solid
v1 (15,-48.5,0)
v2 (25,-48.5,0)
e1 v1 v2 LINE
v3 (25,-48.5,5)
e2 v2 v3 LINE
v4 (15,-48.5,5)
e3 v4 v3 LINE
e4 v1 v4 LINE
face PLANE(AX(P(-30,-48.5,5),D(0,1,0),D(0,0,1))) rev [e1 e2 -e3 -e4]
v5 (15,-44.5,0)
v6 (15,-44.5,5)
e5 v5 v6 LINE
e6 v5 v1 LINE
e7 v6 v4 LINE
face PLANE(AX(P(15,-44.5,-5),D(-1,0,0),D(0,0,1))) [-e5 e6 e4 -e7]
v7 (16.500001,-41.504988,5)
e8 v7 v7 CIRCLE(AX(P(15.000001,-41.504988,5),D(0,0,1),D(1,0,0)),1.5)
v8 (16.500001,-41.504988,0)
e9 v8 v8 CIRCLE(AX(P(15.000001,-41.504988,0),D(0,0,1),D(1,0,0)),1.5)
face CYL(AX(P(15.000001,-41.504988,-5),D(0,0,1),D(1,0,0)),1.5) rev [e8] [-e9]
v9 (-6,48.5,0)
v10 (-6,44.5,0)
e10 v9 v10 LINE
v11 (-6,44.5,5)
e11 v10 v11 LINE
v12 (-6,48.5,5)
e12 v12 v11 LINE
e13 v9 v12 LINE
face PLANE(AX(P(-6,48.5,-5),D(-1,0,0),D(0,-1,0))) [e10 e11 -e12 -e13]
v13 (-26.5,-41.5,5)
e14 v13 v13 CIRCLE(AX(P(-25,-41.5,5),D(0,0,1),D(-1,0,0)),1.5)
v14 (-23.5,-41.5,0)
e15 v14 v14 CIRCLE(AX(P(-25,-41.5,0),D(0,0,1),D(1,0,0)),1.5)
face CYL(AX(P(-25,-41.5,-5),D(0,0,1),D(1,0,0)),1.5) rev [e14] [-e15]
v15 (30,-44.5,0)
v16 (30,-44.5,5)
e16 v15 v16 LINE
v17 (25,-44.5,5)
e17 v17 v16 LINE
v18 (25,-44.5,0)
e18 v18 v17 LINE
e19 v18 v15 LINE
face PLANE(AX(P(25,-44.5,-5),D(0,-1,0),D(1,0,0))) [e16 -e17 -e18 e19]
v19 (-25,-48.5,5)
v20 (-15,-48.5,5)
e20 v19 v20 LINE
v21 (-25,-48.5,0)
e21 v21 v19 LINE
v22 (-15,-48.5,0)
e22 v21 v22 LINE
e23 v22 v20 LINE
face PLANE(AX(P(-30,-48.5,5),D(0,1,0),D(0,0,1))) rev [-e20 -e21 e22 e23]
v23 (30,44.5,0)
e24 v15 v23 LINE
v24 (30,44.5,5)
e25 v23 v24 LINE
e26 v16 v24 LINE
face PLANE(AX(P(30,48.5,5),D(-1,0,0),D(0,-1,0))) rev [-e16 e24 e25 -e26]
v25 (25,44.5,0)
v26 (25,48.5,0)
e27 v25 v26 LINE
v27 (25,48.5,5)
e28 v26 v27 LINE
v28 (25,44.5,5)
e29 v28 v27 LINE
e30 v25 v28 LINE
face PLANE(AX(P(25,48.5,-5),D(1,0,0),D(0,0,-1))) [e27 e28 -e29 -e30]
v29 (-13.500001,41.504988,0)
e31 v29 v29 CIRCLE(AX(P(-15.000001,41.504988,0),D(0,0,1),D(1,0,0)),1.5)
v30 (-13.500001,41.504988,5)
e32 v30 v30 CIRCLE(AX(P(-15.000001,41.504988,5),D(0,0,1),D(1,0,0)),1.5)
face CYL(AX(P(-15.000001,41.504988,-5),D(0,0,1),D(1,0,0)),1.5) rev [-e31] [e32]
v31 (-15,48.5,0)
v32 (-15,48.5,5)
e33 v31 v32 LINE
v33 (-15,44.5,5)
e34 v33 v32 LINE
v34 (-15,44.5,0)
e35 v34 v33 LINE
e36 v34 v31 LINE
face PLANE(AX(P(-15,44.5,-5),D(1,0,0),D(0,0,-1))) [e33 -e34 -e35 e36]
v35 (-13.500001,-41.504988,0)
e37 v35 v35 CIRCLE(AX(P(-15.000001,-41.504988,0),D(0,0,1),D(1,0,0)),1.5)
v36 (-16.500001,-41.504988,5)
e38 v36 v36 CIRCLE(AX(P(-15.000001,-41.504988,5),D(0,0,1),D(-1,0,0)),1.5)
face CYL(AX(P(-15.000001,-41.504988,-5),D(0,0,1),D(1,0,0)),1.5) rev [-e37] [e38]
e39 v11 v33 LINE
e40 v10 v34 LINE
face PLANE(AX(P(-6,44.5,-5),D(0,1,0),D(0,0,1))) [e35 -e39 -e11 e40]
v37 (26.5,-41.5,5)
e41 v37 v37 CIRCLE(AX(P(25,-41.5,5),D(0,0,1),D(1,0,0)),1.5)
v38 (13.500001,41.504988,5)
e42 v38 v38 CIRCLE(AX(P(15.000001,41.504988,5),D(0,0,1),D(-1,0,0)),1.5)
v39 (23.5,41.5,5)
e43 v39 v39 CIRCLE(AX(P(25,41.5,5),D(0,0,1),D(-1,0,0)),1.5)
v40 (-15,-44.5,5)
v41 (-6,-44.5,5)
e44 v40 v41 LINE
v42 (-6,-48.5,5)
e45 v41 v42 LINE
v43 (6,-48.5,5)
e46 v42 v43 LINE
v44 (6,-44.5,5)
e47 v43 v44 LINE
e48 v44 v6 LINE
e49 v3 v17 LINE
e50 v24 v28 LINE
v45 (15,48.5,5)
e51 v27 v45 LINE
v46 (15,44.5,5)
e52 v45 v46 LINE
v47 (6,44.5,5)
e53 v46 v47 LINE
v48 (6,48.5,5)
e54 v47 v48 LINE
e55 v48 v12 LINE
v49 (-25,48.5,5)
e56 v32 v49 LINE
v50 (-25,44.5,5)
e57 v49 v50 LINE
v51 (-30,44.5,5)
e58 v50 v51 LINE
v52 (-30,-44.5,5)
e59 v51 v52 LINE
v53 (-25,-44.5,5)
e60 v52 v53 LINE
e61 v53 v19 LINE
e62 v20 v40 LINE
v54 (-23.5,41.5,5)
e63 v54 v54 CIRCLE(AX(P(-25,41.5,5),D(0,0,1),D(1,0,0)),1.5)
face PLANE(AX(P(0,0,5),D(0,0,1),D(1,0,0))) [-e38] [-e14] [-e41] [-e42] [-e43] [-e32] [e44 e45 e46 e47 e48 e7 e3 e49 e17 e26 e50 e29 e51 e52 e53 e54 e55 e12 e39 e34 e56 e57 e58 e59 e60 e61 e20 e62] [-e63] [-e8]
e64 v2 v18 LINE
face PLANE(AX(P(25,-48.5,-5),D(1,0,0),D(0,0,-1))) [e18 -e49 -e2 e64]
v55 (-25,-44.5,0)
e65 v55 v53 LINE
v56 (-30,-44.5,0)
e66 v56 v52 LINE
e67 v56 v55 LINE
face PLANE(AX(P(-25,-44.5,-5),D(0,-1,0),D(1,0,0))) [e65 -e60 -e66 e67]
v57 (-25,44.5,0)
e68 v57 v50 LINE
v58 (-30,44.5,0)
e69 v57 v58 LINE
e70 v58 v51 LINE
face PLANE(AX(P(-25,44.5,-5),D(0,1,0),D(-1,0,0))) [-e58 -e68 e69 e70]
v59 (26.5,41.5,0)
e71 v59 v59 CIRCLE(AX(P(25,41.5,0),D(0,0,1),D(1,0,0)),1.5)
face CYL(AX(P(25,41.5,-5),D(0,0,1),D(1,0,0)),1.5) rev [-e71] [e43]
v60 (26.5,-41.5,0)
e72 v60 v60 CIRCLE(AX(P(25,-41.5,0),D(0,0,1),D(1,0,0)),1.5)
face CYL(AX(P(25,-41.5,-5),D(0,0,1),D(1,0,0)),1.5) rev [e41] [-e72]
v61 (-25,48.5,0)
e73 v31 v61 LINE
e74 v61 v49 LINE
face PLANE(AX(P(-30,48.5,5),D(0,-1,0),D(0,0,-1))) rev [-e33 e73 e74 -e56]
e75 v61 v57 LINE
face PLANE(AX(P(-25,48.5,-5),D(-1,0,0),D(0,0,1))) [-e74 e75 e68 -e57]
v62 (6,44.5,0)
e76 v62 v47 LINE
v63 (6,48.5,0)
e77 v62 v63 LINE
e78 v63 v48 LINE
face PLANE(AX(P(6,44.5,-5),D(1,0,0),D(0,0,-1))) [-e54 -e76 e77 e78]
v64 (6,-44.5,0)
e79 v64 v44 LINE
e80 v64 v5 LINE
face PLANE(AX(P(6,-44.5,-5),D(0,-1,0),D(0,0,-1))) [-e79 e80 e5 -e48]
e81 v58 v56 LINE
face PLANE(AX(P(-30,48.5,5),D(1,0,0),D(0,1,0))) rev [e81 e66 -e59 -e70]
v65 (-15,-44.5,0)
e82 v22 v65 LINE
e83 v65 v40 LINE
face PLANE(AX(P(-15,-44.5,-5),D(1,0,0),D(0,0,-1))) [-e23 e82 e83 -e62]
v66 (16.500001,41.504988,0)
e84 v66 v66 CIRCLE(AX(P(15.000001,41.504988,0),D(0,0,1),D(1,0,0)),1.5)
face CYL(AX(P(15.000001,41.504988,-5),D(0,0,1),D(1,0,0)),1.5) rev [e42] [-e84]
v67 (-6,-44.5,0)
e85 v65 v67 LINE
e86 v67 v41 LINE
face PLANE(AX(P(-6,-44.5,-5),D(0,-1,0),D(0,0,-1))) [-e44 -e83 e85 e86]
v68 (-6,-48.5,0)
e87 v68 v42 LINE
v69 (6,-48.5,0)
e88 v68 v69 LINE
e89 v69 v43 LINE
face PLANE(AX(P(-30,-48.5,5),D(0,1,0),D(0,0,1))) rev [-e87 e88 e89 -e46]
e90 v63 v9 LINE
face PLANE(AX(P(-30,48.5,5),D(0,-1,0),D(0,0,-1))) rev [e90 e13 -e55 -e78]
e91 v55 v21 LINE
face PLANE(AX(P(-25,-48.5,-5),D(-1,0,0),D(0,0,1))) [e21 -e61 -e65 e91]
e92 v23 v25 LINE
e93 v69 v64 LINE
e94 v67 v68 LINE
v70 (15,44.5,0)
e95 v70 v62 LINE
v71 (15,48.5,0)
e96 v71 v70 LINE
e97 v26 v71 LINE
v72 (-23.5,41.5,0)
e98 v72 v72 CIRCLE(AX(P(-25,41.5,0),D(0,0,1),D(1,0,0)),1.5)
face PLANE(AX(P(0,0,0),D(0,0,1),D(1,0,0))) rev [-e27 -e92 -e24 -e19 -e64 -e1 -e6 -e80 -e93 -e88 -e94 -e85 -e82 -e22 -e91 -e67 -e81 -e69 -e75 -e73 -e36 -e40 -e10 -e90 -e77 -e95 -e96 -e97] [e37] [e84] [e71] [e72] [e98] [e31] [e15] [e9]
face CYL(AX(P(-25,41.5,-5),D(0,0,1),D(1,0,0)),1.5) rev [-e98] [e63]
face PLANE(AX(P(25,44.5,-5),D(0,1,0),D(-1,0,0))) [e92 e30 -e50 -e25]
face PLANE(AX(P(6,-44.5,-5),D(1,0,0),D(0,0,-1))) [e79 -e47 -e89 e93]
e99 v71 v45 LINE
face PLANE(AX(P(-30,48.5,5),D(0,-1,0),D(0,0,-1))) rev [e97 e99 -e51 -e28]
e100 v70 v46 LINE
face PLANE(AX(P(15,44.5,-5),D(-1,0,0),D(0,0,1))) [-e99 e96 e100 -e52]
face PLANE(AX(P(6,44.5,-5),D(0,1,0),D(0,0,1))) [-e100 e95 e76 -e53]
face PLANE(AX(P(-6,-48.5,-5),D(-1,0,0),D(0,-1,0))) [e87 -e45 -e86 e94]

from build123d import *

# Parameters (mm, degrees)
SKETCH_1_W          = 60
SKETCH_1_H          = 97
EXTRUDE_1_DEPTH     = 5
SKETCH_2_OUTSIDE_W  = 84.834
SKETCH_2_OUTSIDE_H  = 121.834
CUT_EXTRUDE_1_DEPTH = 10
SKETCH_3_R          = 1.5
CUT_EXTRUDE_2_DEPTH = 10


with BuildPart() as part:
    # 草图1 → 凸台-拉伸1 (new body)
    with BuildSketch(Plane.XY):
        Rectangle(SKETCH_1_W, SKETCH_1_H)
    extrude(amount=EXTRUDE_1_DEPTH)

    # 草图2 outside → 切除-拉伸1 (cut)
    with BuildSketch(Plane.XY.offset(5)):
        Rectangle(SKETCH_2_OUTSIDE_W, SKETCH_2_OUTSIDE_H)
        Polygon((6, 48.5), (-6, 48.5), (-6, 44.5), (-15, 44.5), (-15, 48.5), (-25, 48.5), (-25, 44.5), (-30, 44.5), (-30, -44.5), (-25, -44.5), (-25, -48.5), (-15, -48.5), (-15, -44.5), (-6, -44.5), (-6, -48.5), (6, -48.5), (6, -44.5), (15, -44.5), (15, -48.5), (25, -48.5), (25, -44.5), (30, -44.5), (30, 44.5), (25, 44.5), (25, 48.5), (15, 48.5), (15, 44.5), (6, 44.5), align=None, mode=Mode.SUBTRACT)
    extrude(amount=-CUT_EXTRUDE_1_DEPTH, mode=Mode.SUBTRACT)

    # 草图3 → 切除-拉伸2 (cut)
    with BuildSketch(Plane.XY.offset(5)):
        with Locations((-25, 41.5)):
            Circle(SKETCH_3_R)
        with Locations((-15.000001244, 41.504987561)):
            Circle(SKETCH_3_R)
        with Locations((15.000001244, 41.504987561)):
            Circle(SKETCH_3_R)
        with Locations((25, 41.5)):
            Circle(SKETCH_3_R)
        with Locations((25, -41.5)):
            Circle(SKETCH_3_R)
        with Locations((15.000001244, -41.504987561)):
            Circle(SKETCH_3_R)
        with Locations((-15.000001244, -41.504987561)):
            Circle(SKETCH_3_R)
        with Locations((-25, -41.5)):
            Circle(SKETCH_3_R)
    extrude(amount=-CUT_EXTRUDE_2_DEPTH, mode=Mode.SUBTRACT)


solid = part.part
